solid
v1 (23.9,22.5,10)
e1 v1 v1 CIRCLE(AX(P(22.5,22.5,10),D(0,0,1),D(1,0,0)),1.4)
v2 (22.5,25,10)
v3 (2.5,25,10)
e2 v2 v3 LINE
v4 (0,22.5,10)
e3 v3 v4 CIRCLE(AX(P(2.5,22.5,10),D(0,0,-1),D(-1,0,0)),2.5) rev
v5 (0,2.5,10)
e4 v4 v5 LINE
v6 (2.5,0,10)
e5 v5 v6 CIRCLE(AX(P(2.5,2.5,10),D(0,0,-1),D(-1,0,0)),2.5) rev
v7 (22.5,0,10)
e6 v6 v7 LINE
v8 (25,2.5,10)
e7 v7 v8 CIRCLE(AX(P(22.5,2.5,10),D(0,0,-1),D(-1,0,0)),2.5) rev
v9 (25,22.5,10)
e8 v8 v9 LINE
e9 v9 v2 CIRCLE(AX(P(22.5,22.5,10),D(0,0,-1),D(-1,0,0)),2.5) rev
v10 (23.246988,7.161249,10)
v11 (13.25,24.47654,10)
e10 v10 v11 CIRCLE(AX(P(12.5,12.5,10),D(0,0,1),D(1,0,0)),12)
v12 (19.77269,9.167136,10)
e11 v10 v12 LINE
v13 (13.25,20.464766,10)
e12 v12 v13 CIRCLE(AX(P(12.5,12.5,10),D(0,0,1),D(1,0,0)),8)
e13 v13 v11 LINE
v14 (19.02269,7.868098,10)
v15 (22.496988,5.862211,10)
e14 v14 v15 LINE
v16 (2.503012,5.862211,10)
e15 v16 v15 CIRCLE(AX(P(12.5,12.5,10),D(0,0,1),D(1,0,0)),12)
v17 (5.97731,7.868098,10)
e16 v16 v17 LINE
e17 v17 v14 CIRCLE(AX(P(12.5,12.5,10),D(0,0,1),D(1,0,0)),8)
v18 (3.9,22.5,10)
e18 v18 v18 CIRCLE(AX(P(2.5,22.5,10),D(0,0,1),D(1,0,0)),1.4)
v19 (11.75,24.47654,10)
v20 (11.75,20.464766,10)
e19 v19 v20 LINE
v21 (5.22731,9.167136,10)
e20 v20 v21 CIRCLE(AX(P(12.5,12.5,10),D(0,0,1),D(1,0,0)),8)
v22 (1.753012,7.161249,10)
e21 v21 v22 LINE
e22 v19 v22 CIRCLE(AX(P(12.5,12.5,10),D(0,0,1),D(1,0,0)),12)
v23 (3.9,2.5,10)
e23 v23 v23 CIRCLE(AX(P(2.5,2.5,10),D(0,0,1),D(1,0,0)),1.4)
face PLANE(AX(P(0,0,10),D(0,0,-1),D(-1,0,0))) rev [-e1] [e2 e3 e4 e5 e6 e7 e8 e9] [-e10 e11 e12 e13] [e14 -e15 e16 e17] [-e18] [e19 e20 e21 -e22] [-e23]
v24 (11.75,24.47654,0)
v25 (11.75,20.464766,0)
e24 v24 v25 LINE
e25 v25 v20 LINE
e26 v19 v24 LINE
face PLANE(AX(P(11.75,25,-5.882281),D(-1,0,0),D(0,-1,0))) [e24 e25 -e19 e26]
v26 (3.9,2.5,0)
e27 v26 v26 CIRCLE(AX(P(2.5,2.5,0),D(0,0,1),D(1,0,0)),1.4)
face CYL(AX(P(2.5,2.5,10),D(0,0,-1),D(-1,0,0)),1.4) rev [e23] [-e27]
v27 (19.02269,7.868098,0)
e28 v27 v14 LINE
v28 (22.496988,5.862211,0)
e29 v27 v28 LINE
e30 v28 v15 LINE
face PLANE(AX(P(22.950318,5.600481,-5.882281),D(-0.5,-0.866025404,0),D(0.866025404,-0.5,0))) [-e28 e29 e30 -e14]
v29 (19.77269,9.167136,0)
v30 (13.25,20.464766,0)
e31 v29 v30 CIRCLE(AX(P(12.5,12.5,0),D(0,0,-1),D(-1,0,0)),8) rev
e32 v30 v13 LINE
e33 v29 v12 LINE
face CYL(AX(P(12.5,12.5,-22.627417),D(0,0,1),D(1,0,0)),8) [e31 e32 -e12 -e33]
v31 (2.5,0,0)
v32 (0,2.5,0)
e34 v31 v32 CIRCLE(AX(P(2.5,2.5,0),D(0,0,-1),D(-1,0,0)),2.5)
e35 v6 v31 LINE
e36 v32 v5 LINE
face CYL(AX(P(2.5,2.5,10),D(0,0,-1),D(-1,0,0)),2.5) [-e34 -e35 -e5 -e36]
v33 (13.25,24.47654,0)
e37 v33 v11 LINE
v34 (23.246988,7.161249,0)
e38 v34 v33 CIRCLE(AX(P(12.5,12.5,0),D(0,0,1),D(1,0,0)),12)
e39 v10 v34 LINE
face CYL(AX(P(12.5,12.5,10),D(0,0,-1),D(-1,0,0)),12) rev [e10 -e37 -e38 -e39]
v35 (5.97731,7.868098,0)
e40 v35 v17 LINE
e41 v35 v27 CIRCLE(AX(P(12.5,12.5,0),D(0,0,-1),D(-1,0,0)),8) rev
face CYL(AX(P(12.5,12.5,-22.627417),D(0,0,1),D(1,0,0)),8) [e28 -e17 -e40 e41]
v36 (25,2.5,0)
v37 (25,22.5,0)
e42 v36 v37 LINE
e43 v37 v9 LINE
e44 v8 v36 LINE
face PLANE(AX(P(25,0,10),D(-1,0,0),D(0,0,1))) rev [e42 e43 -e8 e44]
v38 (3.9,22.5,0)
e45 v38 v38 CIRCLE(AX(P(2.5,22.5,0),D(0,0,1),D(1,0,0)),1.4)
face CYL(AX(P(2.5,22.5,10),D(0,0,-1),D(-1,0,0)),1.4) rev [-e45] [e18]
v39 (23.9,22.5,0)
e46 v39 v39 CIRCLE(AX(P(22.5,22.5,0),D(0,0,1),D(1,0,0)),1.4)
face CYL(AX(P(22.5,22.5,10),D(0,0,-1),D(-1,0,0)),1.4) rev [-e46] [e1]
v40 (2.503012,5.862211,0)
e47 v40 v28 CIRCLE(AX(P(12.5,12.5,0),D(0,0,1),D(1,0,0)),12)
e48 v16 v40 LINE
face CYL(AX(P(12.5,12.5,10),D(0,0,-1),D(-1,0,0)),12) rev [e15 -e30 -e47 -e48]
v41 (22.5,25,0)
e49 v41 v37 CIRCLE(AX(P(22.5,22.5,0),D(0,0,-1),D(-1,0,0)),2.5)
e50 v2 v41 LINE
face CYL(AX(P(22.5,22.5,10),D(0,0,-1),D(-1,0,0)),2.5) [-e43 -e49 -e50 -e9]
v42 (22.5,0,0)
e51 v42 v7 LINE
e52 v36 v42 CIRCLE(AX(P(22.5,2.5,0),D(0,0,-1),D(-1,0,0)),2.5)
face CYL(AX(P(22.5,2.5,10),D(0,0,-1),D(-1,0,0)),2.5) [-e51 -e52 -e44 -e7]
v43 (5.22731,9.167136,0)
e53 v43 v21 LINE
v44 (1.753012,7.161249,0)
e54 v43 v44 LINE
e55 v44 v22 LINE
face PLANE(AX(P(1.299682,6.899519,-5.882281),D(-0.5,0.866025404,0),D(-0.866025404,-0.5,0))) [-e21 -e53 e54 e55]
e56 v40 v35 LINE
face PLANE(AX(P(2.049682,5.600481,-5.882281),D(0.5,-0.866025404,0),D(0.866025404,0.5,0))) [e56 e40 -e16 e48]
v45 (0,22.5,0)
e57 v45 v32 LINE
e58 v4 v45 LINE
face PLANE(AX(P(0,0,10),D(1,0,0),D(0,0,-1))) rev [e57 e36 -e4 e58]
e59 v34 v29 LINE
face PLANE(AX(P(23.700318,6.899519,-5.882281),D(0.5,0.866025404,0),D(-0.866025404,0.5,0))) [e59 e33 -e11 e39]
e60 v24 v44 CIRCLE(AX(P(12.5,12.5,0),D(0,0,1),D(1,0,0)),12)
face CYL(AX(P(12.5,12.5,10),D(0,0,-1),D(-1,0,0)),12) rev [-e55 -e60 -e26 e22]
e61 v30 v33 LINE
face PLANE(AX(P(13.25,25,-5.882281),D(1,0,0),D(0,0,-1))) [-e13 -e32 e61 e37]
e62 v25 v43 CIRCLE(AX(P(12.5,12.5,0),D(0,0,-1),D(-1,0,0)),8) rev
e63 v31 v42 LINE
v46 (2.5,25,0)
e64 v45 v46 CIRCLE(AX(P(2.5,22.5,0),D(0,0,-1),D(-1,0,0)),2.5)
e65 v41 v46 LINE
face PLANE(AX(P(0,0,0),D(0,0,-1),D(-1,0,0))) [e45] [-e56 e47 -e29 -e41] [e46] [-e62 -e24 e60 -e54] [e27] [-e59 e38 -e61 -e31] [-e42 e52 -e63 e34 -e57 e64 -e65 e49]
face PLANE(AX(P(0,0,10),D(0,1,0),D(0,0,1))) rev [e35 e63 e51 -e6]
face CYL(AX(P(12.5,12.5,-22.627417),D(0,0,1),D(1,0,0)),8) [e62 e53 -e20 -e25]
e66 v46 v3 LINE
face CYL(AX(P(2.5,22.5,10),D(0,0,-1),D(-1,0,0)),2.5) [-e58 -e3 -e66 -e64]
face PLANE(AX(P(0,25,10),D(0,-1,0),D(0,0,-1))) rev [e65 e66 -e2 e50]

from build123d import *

# Parameters (mm, degrees)
SKETCH1_W           = 25
SKETCH1_H           = 25
SKETCH1_R           = 12
SKETCH1_R_2         = 1.4
BOSS_EXTRUDE1_DEPTH = 10
FILLET1_R           = 2.5
SKETCH2_R           = 8
BOSS_EXTRUDE2_DEPTH = 10
SKETCH3_W           = 1.5
SKETCH3_H           = 4.535233839
BOSS_EXTRUDE3_DEPTH = 10


with BuildPart() as part:
    # Sketch1 → Boss-Extrude1 (new body)
    with BuildSketch(Plane.XY):
        with Locations((12.5, 12.5)):
            Rectangle(SKETCH1_W, SKETCH1_H)
        with Locations((12.5, 12.5)):
            Circle(SKETCH1_R, mode=Mode.SUBTRACT)
        with Locations((2.5, 22.5)):
            Circle(SKETCH1_R_2, mode=Mode.SUBTRACT)
        with Locations((2.5, 2.5)):
            Circle(SKETCH1_R_2, mode=Mode.SUBTRACT)
        with Locations((22.5, 22.5)):
            Circle(SKETCH1_R_2, mode=Mode.SUBTRACT)
    extrude(amount=BOSS_EXTRUDE1_DEPTH)

    # Fillet1
    fillet1_edges = [part.edges().sort_by_distance(p)[0] for p in [
        (0, 25, 5),
        (25, 25, 5),
        (25, 0, 5),
        (0, 0, 5),
    ]]
    fillet(fillet1_edges, radius=FILLET1_R)



with BuildPart() as body_2:
    # Sketch2 → Boss-Extrude2 (new body)
    with BuildSketch(Plane.XY.offset(10)):
        with Locations((12.5, 12.5)):
            Circle(SKETCH2_R)
    extrude(amount=-BOSS_EXTRUDE2_DEPTH)


with BuildPart() as part_1:
    add(part.part)

    add(body_2.part)  # Boss-Extrude3 merges body 2
    # Sketch3 → Boss-Extrude3 (add)
    with BuildSketch(Plane.XY.offset(10)):
        with Locations((12.5, 22.732383081)):
            Rectangle(SKETCH3_W, SKETCH3_H)
        Polygon((23.700317547, 6.899519053), (22.950317547, 5.600480947), (19.022689831, 7.868097867), (19.772689831, 9.167135972), align=None)
        Polygon((2.049682453, 5.600480947), (1.299682453, 6.899519053), (5.227310169, 9.167135972), (5.977310169, 7.868097867), align=None)
    extrude(amount=-BOSS_EXTRUDE3_DEPTH)


solid = part_1.part
